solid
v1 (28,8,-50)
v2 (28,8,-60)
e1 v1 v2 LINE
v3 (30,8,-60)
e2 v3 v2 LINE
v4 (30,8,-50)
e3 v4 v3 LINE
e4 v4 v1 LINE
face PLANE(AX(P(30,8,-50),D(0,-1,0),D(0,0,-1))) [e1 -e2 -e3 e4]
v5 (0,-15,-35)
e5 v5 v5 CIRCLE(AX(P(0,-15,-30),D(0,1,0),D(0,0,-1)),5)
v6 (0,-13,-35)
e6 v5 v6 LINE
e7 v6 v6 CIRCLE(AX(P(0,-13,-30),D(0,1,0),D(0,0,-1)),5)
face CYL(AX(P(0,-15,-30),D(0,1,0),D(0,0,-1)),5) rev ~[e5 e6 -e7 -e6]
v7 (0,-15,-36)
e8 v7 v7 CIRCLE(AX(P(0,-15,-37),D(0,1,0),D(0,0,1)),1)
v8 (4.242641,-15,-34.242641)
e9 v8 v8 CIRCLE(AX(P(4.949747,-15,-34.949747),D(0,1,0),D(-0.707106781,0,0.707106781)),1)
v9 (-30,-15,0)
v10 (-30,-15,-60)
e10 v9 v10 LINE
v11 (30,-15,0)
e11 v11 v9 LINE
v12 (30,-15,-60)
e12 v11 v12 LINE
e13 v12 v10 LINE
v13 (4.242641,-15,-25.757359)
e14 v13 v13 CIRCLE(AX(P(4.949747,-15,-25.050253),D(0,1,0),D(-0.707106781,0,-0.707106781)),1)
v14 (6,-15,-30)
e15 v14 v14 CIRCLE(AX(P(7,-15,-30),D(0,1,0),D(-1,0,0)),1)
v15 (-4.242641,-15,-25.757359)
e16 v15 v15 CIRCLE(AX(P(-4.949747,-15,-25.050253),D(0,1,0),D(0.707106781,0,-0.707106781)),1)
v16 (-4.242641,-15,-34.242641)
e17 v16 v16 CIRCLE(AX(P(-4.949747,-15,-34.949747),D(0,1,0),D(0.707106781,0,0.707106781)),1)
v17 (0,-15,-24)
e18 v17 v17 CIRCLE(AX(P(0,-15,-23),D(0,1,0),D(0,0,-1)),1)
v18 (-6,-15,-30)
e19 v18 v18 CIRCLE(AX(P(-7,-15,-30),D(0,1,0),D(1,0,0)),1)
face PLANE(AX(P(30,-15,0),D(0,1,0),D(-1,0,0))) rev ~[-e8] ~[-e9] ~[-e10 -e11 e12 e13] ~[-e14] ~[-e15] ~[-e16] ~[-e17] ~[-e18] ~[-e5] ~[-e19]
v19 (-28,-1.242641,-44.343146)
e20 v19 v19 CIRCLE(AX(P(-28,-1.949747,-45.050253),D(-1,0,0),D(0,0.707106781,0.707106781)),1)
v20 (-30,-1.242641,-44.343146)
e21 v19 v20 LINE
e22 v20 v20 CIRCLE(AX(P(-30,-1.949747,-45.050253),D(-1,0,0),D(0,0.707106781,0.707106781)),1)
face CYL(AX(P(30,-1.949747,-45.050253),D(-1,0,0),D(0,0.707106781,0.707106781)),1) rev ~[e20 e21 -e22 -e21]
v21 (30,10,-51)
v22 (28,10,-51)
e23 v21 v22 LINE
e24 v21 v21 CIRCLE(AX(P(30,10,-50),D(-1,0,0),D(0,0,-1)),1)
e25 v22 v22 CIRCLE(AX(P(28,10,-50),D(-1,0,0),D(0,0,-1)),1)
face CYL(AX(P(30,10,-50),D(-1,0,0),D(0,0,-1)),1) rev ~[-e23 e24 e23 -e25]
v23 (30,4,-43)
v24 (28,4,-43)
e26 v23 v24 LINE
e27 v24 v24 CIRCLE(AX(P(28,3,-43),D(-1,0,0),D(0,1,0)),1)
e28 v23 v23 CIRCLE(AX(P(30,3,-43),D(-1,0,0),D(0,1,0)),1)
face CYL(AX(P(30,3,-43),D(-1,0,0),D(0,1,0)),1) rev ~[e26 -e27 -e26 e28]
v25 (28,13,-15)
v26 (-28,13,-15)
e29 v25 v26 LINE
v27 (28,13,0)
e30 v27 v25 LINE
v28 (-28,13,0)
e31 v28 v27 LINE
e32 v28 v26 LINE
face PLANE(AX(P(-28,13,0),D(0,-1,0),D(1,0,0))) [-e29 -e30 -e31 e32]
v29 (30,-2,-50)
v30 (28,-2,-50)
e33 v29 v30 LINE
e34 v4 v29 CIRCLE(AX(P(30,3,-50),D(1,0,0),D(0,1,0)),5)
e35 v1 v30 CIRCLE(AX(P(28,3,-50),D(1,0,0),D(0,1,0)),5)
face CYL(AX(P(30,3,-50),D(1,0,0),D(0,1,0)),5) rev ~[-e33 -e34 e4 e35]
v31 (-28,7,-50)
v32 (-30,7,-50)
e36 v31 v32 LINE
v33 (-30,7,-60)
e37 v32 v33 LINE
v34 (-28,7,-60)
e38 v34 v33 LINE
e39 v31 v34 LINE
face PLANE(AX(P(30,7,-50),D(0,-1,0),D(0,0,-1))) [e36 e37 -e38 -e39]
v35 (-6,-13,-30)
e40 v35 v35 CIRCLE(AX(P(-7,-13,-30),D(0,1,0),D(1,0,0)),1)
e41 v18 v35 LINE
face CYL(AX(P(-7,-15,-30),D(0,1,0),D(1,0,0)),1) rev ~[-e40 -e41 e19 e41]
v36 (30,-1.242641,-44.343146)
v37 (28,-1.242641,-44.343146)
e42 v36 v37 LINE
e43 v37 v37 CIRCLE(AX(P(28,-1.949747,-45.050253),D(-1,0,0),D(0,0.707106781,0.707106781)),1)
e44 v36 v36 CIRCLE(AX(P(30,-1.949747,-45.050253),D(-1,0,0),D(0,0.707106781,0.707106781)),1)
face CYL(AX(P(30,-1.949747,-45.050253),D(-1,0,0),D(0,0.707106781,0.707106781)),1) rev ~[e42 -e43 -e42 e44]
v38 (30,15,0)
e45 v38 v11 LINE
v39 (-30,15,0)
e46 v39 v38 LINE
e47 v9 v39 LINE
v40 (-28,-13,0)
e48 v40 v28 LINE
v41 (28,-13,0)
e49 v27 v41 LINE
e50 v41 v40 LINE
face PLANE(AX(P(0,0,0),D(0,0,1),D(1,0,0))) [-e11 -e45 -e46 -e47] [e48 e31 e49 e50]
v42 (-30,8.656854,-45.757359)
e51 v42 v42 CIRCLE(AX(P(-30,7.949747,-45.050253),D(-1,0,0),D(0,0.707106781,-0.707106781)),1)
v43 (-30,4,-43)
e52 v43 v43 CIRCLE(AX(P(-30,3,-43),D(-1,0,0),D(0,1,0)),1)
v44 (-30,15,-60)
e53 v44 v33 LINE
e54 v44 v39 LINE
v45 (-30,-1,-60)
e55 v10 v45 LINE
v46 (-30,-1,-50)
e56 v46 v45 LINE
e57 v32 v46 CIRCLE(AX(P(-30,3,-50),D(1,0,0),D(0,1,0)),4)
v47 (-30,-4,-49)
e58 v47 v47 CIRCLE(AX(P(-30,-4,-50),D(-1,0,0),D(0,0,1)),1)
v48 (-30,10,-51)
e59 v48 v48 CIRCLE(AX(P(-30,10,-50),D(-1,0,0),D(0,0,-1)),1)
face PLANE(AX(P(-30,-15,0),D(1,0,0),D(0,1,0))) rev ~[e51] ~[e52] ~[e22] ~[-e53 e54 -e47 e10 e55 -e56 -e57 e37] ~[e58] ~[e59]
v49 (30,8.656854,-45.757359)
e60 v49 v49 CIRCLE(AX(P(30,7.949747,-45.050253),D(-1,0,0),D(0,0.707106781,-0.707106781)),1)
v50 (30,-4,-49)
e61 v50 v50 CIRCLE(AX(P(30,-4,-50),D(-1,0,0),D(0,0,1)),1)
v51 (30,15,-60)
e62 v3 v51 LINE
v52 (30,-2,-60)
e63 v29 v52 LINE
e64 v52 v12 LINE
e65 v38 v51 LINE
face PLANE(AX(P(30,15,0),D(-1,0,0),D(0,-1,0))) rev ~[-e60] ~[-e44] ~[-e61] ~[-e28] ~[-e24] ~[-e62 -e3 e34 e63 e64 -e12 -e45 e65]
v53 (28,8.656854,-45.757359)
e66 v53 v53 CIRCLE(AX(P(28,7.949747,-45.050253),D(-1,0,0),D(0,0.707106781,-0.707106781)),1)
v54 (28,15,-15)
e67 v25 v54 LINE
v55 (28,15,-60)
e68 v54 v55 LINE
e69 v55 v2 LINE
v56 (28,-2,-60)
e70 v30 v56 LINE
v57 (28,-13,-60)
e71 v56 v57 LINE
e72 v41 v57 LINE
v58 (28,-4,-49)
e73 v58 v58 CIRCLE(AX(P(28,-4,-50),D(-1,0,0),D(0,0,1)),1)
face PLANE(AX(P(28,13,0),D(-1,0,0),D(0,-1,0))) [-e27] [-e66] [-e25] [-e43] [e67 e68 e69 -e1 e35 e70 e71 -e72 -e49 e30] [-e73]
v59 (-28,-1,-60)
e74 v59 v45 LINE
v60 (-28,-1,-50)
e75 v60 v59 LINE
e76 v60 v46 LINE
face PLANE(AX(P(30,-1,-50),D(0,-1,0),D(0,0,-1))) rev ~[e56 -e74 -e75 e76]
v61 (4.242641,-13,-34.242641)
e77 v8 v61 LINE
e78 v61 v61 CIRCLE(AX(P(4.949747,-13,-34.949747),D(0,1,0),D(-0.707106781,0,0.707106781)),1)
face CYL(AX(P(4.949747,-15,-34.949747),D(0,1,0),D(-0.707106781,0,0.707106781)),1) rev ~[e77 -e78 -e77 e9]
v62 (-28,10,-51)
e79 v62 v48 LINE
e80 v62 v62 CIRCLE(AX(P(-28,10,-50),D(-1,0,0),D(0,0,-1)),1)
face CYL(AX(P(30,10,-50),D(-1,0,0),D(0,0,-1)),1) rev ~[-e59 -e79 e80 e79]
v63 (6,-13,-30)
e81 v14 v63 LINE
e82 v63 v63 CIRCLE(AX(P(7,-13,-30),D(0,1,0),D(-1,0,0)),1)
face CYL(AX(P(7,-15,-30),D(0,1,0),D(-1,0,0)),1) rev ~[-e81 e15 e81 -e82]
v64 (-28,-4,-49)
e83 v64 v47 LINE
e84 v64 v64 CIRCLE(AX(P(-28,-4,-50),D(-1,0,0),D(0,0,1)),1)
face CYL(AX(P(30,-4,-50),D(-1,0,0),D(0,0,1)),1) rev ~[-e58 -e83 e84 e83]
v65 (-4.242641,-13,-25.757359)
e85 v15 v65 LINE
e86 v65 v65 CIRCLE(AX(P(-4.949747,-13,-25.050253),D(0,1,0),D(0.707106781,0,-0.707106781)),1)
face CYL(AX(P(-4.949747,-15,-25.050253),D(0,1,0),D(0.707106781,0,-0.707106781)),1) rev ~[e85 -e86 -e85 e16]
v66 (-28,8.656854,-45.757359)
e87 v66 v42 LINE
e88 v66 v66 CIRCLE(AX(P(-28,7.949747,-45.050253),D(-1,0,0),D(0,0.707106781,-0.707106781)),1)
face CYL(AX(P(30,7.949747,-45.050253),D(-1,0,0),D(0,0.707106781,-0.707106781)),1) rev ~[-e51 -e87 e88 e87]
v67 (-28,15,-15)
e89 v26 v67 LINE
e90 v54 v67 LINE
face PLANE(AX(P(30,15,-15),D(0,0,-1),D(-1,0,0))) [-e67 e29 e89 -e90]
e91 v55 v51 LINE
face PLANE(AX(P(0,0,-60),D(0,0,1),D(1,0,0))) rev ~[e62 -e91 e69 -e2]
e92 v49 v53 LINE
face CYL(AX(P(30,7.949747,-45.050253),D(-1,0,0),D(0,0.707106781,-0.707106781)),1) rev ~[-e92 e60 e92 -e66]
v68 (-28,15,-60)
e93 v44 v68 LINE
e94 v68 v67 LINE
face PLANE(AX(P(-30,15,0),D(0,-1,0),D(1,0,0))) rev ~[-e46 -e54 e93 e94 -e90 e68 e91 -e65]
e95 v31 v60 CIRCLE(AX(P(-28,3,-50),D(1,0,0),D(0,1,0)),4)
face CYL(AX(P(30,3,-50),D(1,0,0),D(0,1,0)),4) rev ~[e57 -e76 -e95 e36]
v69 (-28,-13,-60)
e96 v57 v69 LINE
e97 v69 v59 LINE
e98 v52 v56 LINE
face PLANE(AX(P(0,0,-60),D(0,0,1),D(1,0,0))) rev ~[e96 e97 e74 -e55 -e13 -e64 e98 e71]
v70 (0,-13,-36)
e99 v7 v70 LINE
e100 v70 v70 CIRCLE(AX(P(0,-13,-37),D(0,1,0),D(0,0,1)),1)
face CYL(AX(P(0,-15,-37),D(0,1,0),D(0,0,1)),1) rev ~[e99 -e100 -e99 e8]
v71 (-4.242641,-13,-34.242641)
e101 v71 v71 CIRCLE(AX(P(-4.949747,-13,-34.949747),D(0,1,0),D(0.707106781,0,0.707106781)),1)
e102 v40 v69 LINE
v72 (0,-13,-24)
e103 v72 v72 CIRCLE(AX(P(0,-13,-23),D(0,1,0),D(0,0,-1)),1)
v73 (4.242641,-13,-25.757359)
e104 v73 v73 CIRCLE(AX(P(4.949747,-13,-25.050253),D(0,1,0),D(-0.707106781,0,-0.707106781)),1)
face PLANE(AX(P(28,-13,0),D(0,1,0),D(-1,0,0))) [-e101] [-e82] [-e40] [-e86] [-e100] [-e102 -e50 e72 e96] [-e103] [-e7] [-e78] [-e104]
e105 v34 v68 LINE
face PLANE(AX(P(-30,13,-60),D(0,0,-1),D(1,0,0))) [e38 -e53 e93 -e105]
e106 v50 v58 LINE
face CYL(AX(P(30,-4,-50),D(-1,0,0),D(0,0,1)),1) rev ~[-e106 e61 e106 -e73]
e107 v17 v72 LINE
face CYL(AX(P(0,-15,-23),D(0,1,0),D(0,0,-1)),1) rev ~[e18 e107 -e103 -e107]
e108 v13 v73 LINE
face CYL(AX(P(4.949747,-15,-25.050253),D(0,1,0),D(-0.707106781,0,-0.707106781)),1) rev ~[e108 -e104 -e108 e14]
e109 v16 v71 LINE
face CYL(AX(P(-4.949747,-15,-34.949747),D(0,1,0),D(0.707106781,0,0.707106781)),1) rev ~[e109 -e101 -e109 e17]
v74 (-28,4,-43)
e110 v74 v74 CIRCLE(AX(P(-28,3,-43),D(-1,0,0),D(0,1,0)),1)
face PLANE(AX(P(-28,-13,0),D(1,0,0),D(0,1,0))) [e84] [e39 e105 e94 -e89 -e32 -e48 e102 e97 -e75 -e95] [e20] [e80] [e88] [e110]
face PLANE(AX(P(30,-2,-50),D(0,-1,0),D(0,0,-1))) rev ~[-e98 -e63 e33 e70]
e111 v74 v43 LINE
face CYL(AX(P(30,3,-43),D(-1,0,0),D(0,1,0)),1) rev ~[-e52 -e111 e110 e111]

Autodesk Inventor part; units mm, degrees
ref_plane "YZ Plane" through (0, 0, 0) normal (1, 0, 0) x (0, 1, 0)
ref_plane "XZ Plane" through (0, 0, 0) normal (0, 1, 0) x (-1, 0, 0)
ref_plane "XY Plane" through (0, 0, 0) normal (0, 0, 1) x (1, 0, 0)
sketch "スケッチ1" plane through (0, 0, 0) normal (0, 0, 1) x (1, 0, 0)
  line L0 (-30, 15) -> (30, 15)
  line L1 (30, 15) -> (30, -15)
  line L2 (30, -15) -> (-30, -15)
  line L3 (-30, -15) -> (-30, 15)
  line L4 (-28, 13) -> (28, 13)
  line L5 (28, 13) -> (28, -13)
  line L6 (28, -13) -> (-28, -13)
  line L7 (-28, -13) -> (-28, 13)
  point P0 (0, 0)
  dimension "d0" = 60
  dimension "d2" = 2
  dimension "d3" = 2
  dimension "d4" = 30
  dimension "d5" = 15
  dimension "d6" = 30
  dimension "d7" = 56
  dimension "d8" = 26
extrude "押し出し1" add sketch "スケッチ1" against normal blind 60
sketch "スケッチ2" plane through (-30, 15, 0) normal (0, 1, 0) x (1, 0, 0)
  line L0 (0, 0) -> (60, 0) projected
  line L1 (60, 0) -> (60, 60) projected
  line L2 (0, 60) -> (60, 60)
  line L3 (60, 60) -> (60, 15)
  line L4 (60, 15) -> (0, 15)
  line L5 (0, 15) -> (0, 60)
  point P0 (30, 0)
  dimension "d11" = 15
extrude "押し出し2" cut sketch "スケッチ2" against normal blind 2
sketch "スケッチ3" plane through (30, -15, 0) normal (1, 0, 0) x (0, 0, -1)
  line L0 (0, 0) -> (60, 0) projected
  line L1 (60, 28) -> (60, 0) projected
  arc A0 (50, 22) -> (50, 14) centre (50, 18) ccw
  line L2 (50, 22) -> (60, 22)
  line L3 (50, 14) -> (60, 14)
  point P0 (0, 15)
  dimension "d14" = 8
  dimension "d16" = 10
  dimension "d17" = 18
extrude "押し出し3" cut sketch "スケッチ3" against normal blind 60
sketch "スケッチ4" plane through (30, -15, 0) normal (1, 0, 0) x (0, 0, -1)
  line L0 (50, 22) -> (60, 22) projected
  line L1 (60, 28) -> (60, 22) projected
  line L2 (60, 14) -> (60, 0) projected
  line L3 (60, 14) -> (50, 14) projected
  arc A0 (50, 22) -> (50, 14) centre (50, 18) ccw projected
  arc A1 (50, 23) -> (50, 13) centre (50, 18) ccw
  line L4 (50, 23) -> (60, 23)
  line L5 (50, 13) -> (60, 13)
  point P0 (0, 15)
  dimension "d20" = 10
extrude "押し出し4" cut sketch "スケッチ4" against normal blind 2
sketch "スケッチ5" plane through (30, -15, 0) normal (1, 0, 0) x (0, 0, -1)
  line L0 (60, 28) -> (60, 23) projected
  arc A0 (50, 23) -> (50, 13) centre (50, 18) ccw projected
  circle A1 centre (50, 25) radius 1
  point P0 (0, 15)
  dimension "d24" = 2
  dimension "d26" = 7
  dimension "d27" = 10
hole "穴1" at (30, 10, -50) direction (-1, 0, 0) diameter 2 end through all
pattern_circular "円形状パターン1" count 5 over 180 about axis through (30, 3, -50) along (1, 0, 0) of "穴1"
sketch "スケッチ6" plane through (-30, -15, 0) normal (0, -1, 0) x (1, 0, 0)
  line L0 (60, 0) -> (0, 0) projected
  line L1 (0, 0) -> (0, -60) projected
  circle A0 centre (30, -30) radius 5
  point P0 (30, 0)
  dimension "d38" = 10
  dimension "d40" = 30
  dimension "d41" = 30
hole "穴2" at (0, -15, -30) direction (0, 1, 0) diameter 10 end through all
sketch "スケッチ7" plane through (-30, -15, 0) normal (0, -1, 0) x (1, 0, 0)
  circle A0 centre (30, -30) radius 5 projected
  line L0 (60, 0) -> (60, -60) projected
  circle A1 centre (30, -23) radius 1
  point P0 (30, 0)
  dimension "d49" = 2
  dimension "d51" = 7
  dimension "d52" = 30
hole "穴3" at (0, -15, -23) direction (0, 1, 0) diameter 2 depth 2 tip angle 118
pattern_circular "円形状パターン2" count 8 over 360 about axis through (0, 75, -30) along (0, -1, 0) of "穴3"
sketch "スケッチ8" plane through (-30, 13, 0) normal (0, 1, 0) x (1, 0, 0)
  line L0 (58, 15) -> (58, 60) projected
  line L1 (60, 15) -> (58, 15) projected
  line L2 (60, 60) -> (60, 15) projected
  line L3 (58, 60) -> (60, 60) projected
  line L4 (0, 60) -> (2, 60)
  line L5 (2, 60) -> (2, 15)
  line L6 (2, 15) -> (0, 15)
  line L7 (0, 15) -> (0, 60)
  line L8 (0, 15) -> (0, 60) projected
  point P0 (30, 0)
  dimension "d64" = 2
  dimension "d66" = 56
  dimension "d67" = 45
  dimension "d68" = 0
extrude "押し出し5" add sketch "スケッチ8" along normal blind 2
properties part number "Arm_Bracket"
